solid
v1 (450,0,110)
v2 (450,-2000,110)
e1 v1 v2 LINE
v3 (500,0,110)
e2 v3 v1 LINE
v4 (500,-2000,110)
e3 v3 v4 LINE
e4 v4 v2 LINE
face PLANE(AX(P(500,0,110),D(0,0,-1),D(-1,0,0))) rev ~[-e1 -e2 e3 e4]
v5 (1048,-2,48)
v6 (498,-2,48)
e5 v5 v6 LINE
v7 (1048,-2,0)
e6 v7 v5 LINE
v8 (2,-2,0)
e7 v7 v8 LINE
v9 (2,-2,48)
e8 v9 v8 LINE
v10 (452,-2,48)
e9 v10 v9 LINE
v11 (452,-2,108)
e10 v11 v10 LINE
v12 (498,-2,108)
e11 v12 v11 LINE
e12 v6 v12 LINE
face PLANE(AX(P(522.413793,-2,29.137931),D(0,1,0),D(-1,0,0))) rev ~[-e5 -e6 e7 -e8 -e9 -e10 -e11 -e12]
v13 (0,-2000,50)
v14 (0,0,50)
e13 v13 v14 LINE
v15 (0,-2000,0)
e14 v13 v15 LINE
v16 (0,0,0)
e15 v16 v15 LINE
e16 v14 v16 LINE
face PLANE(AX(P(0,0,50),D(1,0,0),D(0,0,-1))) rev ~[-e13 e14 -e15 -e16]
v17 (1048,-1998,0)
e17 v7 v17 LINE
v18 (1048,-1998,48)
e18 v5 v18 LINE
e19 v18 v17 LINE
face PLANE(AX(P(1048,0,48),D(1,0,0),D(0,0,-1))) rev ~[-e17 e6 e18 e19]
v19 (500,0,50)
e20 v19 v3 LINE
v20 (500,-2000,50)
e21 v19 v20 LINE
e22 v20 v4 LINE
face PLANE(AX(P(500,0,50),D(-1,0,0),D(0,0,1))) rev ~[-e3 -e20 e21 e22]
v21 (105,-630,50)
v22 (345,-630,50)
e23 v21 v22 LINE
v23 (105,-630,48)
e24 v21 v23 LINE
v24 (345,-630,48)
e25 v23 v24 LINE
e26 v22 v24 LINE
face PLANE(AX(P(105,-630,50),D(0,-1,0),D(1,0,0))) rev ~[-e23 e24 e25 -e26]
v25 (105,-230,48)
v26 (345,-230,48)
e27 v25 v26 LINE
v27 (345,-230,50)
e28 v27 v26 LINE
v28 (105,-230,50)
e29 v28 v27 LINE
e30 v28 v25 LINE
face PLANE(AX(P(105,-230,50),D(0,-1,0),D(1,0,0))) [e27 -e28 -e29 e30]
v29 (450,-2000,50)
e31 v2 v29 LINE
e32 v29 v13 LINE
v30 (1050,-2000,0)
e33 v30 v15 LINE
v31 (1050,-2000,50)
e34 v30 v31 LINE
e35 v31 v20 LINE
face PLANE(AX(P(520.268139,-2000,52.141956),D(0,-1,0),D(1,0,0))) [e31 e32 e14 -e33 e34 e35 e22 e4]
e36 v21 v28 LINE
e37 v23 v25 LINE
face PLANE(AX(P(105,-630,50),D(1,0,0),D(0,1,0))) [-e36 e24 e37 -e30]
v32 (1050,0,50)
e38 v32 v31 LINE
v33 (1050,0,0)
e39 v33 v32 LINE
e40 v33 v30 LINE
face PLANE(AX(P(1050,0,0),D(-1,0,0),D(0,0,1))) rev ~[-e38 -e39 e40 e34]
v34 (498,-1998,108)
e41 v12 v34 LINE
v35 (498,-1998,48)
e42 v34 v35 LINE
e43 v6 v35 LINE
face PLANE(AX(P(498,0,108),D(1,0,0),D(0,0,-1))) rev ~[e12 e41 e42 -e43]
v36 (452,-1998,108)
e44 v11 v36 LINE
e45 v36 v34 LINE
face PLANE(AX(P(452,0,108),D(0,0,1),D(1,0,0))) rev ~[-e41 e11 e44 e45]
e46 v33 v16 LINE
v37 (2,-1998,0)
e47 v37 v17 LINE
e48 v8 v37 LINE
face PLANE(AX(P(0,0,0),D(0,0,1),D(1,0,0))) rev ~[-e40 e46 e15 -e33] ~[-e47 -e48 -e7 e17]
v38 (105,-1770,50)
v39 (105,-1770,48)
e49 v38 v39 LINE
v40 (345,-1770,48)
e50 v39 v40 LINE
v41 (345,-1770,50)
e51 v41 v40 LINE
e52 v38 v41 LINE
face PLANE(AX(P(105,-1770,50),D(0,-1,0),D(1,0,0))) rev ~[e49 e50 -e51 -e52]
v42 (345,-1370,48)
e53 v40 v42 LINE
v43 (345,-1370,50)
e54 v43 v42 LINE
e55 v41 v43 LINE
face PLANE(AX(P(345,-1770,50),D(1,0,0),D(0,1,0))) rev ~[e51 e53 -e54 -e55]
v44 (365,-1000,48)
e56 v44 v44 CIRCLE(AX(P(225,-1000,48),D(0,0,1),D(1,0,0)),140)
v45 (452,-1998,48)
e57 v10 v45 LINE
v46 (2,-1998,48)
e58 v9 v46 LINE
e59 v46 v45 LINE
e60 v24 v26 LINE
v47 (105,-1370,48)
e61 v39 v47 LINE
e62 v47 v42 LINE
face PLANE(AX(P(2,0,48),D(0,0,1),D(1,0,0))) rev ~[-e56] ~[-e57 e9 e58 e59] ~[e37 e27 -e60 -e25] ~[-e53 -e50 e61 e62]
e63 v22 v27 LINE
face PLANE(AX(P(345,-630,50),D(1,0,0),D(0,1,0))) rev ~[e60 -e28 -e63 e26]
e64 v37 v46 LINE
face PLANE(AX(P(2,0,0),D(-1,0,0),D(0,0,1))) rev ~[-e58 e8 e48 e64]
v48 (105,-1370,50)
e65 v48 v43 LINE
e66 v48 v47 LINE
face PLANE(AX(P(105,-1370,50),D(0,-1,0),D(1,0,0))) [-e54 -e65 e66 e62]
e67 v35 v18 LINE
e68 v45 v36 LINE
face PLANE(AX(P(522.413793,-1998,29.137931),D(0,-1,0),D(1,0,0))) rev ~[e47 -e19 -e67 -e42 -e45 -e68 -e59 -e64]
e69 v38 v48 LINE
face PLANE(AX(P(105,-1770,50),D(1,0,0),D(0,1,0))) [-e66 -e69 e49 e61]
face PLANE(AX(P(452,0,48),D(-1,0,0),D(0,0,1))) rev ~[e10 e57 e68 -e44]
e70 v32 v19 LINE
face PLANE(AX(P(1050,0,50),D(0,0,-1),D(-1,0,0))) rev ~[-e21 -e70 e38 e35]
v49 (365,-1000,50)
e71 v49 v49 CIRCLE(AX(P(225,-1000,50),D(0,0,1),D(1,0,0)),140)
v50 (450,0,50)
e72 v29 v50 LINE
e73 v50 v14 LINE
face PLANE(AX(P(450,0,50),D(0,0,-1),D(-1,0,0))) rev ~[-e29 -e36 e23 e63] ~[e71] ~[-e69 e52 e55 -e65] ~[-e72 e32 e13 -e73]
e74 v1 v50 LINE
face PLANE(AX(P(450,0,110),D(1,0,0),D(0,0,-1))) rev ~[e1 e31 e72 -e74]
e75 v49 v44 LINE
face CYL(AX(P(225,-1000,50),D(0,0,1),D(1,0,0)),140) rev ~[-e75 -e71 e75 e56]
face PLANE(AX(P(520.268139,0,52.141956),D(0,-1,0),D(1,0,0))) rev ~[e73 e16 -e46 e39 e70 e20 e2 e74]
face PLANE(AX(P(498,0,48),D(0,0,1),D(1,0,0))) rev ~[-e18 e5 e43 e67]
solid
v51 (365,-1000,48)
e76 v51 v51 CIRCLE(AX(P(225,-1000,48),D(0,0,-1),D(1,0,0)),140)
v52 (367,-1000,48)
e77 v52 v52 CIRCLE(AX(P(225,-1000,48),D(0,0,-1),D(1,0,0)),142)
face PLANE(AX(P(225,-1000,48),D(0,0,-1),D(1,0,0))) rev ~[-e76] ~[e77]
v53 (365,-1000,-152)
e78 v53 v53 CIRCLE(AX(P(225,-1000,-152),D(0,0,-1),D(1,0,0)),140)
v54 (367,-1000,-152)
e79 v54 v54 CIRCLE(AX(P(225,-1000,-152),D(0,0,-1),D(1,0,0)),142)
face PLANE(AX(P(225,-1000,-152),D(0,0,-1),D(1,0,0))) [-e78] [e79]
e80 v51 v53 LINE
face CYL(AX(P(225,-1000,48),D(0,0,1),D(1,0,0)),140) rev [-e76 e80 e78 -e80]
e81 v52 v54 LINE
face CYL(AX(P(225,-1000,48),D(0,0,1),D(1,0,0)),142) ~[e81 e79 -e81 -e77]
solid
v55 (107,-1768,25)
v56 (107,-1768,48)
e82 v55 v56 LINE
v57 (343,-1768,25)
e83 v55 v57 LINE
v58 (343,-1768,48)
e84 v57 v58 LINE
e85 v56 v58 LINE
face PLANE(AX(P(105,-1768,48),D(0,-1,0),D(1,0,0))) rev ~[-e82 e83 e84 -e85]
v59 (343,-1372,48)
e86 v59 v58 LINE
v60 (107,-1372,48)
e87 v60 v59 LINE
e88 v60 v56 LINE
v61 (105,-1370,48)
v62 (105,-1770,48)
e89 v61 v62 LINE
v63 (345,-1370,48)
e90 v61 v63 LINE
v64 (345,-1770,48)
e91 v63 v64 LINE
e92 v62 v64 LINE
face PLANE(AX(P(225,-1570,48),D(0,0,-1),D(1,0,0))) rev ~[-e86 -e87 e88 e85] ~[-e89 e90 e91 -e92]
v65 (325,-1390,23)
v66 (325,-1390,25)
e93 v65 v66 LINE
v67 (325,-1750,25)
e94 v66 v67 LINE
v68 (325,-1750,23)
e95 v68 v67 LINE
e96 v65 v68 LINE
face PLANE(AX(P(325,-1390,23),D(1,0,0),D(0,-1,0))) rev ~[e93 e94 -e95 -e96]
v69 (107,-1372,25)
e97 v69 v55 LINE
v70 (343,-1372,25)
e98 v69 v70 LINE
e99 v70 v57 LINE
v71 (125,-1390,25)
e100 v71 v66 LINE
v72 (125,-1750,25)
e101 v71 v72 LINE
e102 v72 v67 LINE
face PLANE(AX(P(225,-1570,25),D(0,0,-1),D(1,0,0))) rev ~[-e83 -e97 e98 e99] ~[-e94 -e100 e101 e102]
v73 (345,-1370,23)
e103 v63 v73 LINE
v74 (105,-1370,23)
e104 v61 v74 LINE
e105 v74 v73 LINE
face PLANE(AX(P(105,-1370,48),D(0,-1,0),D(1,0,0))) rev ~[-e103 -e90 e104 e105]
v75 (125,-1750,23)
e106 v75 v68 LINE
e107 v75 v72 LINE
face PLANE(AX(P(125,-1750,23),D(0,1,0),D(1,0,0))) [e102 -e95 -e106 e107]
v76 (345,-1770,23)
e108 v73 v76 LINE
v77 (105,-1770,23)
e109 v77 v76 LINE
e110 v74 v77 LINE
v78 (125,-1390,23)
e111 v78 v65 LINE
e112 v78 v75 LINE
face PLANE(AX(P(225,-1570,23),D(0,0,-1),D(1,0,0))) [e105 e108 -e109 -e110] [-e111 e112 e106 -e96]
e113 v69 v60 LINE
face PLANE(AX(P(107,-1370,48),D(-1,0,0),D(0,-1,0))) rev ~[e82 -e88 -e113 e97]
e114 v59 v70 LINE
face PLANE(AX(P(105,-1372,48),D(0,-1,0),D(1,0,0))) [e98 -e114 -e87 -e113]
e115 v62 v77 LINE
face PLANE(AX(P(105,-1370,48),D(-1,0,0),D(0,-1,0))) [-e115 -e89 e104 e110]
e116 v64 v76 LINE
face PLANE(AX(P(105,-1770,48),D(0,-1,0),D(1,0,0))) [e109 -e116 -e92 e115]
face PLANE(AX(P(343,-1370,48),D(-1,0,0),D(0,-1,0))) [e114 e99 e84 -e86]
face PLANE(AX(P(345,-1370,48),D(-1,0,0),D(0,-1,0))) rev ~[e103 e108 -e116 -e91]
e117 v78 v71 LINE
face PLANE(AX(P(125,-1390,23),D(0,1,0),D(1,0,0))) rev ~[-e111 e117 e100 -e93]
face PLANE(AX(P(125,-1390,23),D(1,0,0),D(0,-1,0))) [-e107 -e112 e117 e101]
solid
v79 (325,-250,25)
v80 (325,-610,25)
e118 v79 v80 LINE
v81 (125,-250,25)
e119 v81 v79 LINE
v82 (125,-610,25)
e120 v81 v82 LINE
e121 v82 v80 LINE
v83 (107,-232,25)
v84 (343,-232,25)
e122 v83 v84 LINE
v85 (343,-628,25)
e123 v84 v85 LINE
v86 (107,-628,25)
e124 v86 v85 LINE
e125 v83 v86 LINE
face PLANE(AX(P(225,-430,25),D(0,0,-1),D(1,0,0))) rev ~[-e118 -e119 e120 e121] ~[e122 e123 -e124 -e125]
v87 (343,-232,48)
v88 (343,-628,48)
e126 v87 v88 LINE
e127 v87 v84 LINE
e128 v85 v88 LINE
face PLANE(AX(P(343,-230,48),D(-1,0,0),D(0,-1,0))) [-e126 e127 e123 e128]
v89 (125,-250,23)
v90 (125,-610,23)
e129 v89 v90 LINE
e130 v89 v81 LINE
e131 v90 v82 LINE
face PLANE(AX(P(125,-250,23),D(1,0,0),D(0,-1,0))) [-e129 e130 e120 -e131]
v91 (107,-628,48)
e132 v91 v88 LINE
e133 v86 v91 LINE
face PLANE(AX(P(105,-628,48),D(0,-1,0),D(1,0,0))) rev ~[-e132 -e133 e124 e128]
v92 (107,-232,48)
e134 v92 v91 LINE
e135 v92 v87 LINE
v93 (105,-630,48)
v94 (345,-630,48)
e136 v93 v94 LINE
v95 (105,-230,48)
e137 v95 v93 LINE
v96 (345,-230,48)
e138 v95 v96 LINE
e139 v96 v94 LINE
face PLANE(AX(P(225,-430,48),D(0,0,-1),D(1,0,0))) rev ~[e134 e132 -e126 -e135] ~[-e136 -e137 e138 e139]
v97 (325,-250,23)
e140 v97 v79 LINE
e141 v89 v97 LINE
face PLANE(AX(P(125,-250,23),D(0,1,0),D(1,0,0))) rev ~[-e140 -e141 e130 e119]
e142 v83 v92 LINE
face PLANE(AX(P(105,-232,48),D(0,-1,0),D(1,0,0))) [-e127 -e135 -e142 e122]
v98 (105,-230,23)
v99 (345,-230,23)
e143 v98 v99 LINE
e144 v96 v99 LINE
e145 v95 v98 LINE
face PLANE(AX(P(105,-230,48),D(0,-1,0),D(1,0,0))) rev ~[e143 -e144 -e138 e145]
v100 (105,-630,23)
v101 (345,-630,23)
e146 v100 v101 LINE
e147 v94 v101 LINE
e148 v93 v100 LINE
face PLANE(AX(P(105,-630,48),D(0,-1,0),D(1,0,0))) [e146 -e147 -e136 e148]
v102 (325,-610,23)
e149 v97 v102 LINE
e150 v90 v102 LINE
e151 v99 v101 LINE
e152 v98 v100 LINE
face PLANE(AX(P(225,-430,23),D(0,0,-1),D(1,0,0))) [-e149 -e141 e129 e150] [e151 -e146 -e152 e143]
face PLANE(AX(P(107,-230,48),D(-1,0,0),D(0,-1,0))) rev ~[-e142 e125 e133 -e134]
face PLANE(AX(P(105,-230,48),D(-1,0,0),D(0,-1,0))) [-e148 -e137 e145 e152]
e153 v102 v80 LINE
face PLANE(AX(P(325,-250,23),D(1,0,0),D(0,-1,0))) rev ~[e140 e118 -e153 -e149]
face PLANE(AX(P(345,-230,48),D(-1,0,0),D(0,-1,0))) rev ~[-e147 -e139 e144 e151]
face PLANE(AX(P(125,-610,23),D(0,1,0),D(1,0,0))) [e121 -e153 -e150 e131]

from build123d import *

# Parameters (mm, degrees)
F1_DEPTH  = 2000
F2_R      = 140
F2_W      = 240
F2_H      = 400
F3_DEPTH  = 25
F4_W      = 240
F4_H      = 400
F5_DEPTH  = 25
F6_T      = -2
F6_2_T    = -2
F7_W      = 200
F7_H      = 360
F8_DEPTH  = 25
F9_R      = 142
F10_DEPTH = 200
F11_T     = -2
F13_DEPTH = 2
F15_DEPTH = 2


with BuildPart() as f1:
    # F0 (on Front) → F1 (new body)
    with BuildSketch(Plane.XZ):
        Polygon((0, 50), (0, 0), (2, 0), (2, 48), (452, 48), (452, 108), (498, 108), (498, 48), (1048, 48), (1048, 0), (1050, 0), (1050, 50), (500, 50), (500, 110), (450, 110), (450, 50), align=None)
    extrude(amount=F1_DEPTH)

    # F2 (on face) → F3 (cut)
    with BuildSketch(Plane.XY.offset(50)):
        with Locations((225, -1000)):
            Circle(F2_R)
        with Locations((225, -430)):
            Rectangle(F2_W, F2_H)
        with Locations((225, -1570)):
            Rectangle(F2_W, F2_H)
    extrude(amount=-F3_DEPTH, mode=Mode.SUBTRACT)

    # F12 (on face) → F13 (join)
    with BuildSketch(Plane(origin=(0, 0, 0), x_dir=(-1, 0, 0), z_dir=(0, 1, 0))):
        Polygon((-1050, 50), (-1050, 0), (0, 0), (0, 50), (-450, 50), (-450, 110), (-500, 110), (-500, 50), align=None)
    extrude(amount=-F13_DEPTH)

    # F14 (on face) → F15 (join)
    with BuildSketch(Plane.XZ.offset(2000)):
        Polygon((0, 50), (0, 0), (1050, 0), (1050, 50), (500, 50), (500, 110), (450, 110), (450, 50), align=None)
    extrude(amount=-F15_DEPTH)


with BuildPart() as f5:
    # F4 (on face) → F5 (new body)
    with BuildSketch(Plane(origin=(0, 0, 48), x_dir=(1, 0, 0), z_dir=(0, 0, -1))):
        with Locations((225, 430)):
            Rectangle(F4_W, F4_H)
    extrude(amount=F5_DEPTH)

    # F6
    f6_openings = [f5.faces().sort_by_distance(p)[0] for p in [
        (225, -430, 48),
    ]]
    offset(amount=F6_T, openings=f6_openings)


with BuildPart() as f5b:
    # F4 (on face) → F5, piece 2 (new body)
    with BuildSketch(Plane(origin=(0, 0, 48), x_dir=(1, 0, 0), z_dir=(0, 0, -1))):
        with Locations((225, 1570)):
            Rectangle(F4_W, F4_H)
    extrude(amount=F5_DEPTH)

    # F6#2
    f6_2_openings = [f5b.faces().sort_by_distance(p)[0] for p in [
        (225, -1570, 48),
    ]]
    offset(amount=F6_2_T, openings=f6_2_openings)


with BuildPart() as f8_tool:
    # F7 (on face) → F8 (new body)
    with BuildSketch(Plane(origin=(0, 0, 23), x_dir=(1, 0, 0), z_dir=(0, 0, -1))):
        with Locations((225, 430)):
            Rectangle(F7_W, F7_H)
        with Locations((225, 1570)):
            Rectangle(F7_W, F7_H)
    extrude(amount=-F8_DEPTH)


with BuildPart() as f5_1:
    add(f5.part)

    # F8: cut by f8_tool
    add(f8_tool.part, mode=Mode.SUBTRACT)


with BuildPart() as f5b_1:
    add(f5b.part)

    # F8: cut by f8_tool
    add(f8_tool.part, mode=Mode.SUBTRACT)


with BuildPart() as f10:
    # F9 (on face) → F10 (new body)
    with BuildSketch(Plane(origin=(0, 0, 48), x_dir=(1, 0, 0), z_dir=(0, 0, -1))):
        with Locations((225, 1000)):
            Circle(F9_R)
    extrude(amount=F10_DEPTH)

    # F11
    f11_openings = [f10.faces().sort_by_distance(p)[0] for p in [
        (225, -1000, 48),
        (225, -1000, -152),
    ]]
    offset(amount=F11_T, openings=f11_openings)


solid = Compound([f1.part, f5_1.part, f5b_1.part, f10.part])
